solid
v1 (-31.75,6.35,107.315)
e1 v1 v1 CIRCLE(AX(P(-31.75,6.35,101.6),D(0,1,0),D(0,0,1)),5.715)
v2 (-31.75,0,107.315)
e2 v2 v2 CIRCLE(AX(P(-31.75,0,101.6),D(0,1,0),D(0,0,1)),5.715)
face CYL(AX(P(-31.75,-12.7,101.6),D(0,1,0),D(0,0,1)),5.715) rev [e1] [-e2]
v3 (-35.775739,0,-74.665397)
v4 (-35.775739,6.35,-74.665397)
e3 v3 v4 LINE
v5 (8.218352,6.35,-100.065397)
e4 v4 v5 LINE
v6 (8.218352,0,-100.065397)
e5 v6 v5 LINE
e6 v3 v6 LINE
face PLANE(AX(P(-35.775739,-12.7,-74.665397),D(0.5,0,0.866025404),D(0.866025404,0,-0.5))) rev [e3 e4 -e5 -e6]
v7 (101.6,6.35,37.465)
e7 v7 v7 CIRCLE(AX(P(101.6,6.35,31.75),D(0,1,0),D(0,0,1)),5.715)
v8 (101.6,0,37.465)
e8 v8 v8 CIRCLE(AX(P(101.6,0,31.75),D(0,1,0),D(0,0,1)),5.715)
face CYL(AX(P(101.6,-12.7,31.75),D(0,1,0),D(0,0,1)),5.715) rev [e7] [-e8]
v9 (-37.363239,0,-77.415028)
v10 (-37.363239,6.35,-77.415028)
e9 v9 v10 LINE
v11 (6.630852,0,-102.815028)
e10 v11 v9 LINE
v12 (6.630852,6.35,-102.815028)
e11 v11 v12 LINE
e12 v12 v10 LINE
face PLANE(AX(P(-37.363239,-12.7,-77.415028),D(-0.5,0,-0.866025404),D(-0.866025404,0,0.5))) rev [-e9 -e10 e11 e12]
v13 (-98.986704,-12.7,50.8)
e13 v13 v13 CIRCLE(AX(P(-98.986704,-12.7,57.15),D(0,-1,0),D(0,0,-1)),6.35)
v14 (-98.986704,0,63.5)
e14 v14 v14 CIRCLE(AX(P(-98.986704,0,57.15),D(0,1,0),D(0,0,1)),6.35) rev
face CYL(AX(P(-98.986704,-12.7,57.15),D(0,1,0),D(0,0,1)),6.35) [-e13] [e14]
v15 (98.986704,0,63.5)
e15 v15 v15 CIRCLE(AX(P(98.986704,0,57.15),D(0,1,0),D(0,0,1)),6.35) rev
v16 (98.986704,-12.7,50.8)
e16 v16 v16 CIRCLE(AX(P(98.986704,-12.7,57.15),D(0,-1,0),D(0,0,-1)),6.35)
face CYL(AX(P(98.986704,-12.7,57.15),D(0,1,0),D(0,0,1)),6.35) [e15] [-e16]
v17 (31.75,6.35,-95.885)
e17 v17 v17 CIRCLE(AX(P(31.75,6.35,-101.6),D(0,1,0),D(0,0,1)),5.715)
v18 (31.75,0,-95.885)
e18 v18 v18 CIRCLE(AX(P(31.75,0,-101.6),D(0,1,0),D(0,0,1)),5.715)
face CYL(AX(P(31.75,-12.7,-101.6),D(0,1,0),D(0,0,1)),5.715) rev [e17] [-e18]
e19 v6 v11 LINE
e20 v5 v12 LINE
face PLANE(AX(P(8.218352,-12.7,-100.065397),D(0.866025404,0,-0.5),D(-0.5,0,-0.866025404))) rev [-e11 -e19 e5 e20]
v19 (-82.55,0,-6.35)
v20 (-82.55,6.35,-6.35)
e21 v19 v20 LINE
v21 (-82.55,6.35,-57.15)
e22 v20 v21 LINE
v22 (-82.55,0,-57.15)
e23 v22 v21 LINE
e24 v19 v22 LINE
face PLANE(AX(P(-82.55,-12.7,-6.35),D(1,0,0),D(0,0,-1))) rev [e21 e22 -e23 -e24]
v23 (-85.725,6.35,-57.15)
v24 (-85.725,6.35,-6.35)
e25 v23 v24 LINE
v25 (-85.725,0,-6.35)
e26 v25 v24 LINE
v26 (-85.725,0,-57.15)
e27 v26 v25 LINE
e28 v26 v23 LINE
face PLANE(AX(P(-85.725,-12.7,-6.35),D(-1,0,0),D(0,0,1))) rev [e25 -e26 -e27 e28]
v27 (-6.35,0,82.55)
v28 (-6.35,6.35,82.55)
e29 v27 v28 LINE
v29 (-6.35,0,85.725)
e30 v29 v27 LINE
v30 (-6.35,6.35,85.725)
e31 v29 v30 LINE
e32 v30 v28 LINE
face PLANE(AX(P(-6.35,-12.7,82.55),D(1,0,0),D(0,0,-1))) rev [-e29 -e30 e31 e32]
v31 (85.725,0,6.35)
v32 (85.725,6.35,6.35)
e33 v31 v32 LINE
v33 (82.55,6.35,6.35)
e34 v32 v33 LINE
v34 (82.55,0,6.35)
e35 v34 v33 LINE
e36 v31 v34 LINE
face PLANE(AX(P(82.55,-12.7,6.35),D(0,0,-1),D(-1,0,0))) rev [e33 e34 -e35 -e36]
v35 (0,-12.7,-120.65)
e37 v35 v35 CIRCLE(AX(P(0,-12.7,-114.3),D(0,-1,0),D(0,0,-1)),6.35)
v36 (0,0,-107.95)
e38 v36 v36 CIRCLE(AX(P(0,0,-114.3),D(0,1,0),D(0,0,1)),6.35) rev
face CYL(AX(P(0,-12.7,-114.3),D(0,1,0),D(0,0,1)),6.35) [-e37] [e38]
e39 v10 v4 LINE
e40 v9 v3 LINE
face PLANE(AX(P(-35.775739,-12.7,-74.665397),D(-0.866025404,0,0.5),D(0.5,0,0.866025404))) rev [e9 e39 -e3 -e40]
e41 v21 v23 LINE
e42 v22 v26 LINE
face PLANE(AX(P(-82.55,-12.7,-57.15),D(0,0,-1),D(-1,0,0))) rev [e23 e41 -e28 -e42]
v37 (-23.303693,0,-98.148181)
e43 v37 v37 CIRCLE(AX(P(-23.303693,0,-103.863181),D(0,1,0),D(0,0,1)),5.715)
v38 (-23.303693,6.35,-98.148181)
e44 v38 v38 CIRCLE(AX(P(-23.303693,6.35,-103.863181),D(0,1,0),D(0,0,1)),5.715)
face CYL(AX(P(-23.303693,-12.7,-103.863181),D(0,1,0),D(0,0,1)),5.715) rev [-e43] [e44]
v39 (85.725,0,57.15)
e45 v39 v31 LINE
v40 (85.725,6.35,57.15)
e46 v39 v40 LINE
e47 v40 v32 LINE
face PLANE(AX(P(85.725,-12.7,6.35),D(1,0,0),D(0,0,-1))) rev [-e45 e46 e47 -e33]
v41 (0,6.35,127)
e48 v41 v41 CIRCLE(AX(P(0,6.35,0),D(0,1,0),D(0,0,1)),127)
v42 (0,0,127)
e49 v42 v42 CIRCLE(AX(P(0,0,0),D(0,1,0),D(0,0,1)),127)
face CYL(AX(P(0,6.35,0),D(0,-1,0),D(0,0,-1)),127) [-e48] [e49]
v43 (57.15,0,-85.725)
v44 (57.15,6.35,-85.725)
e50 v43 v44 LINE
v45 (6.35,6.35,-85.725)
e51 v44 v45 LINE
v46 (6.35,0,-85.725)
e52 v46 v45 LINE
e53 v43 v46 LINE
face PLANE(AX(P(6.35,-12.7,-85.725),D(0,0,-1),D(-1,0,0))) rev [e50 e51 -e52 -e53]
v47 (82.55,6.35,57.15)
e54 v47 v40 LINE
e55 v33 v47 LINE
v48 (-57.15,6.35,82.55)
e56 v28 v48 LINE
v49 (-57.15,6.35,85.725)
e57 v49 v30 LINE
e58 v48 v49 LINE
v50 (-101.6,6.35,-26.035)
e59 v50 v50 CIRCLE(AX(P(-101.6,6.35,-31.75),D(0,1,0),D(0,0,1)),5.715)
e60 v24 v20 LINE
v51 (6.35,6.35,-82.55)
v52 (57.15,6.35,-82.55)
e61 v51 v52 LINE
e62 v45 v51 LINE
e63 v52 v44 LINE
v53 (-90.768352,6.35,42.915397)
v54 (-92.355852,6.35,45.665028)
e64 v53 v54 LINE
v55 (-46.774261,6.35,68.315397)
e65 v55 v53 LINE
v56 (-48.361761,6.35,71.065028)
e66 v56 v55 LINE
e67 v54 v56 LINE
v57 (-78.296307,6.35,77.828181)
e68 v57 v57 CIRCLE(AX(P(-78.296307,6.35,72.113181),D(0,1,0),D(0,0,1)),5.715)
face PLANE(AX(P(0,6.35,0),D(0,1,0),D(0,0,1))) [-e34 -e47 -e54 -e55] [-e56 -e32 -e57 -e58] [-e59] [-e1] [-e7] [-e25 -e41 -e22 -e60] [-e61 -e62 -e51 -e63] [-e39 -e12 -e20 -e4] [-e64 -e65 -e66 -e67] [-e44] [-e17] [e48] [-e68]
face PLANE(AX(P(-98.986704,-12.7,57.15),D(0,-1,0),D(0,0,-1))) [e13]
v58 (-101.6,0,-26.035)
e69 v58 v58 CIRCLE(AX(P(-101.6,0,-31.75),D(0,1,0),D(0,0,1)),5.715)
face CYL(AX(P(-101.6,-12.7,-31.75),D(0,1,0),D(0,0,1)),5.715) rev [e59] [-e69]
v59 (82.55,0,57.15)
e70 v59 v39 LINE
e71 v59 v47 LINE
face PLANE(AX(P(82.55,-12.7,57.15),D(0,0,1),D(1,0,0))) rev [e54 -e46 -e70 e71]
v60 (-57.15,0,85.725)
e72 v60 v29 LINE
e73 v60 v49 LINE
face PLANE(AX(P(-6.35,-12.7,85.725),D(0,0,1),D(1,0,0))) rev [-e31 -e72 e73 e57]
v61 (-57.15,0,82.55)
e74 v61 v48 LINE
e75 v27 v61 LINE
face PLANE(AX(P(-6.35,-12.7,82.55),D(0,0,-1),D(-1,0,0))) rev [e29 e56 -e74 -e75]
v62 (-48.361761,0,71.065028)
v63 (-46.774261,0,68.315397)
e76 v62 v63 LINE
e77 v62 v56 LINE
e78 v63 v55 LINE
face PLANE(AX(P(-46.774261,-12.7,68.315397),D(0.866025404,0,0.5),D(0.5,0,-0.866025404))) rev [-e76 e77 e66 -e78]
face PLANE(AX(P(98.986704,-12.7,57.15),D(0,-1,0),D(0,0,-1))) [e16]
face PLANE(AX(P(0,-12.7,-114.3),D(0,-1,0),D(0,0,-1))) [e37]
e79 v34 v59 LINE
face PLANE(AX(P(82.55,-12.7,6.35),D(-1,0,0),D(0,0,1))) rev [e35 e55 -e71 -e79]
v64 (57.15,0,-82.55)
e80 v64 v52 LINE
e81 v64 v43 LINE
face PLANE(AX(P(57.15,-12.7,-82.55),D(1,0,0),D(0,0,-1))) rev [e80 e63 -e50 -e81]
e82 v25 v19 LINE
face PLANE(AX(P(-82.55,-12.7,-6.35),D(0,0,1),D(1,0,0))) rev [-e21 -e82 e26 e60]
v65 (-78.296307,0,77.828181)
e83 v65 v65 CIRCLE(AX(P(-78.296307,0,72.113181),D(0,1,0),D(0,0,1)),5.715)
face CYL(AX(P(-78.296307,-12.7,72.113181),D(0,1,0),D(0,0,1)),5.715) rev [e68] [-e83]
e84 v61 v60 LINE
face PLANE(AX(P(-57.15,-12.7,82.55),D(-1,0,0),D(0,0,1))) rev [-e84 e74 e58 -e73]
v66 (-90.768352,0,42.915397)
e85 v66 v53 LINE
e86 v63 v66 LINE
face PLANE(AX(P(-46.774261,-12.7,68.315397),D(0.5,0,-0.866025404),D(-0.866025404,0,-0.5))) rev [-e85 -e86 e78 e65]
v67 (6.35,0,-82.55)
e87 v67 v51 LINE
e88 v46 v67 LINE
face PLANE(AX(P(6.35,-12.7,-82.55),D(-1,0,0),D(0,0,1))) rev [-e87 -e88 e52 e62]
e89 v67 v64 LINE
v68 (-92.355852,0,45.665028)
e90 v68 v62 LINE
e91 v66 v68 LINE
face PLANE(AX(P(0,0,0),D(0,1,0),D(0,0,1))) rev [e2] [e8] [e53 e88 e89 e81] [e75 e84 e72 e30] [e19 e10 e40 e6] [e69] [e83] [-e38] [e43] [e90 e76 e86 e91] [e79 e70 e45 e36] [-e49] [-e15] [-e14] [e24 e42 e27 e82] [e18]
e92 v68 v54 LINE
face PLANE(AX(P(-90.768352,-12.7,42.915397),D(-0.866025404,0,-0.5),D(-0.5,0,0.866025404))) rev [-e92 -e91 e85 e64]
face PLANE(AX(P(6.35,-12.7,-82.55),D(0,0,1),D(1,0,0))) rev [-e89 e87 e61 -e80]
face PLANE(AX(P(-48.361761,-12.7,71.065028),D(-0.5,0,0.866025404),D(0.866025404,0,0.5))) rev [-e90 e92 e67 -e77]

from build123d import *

# Parameters (mm, degrees)
SKETCH1_R           = 127
BOSS_EXTRUDE1_DEPTH = 6.35
SKETCH2_R           = 6.35
BOSS_EXTRUDE2_DEPTH = 12.7
SKETCH3_R           = 5.715
SKETCH3_W           = 50.8
SKETCH3_H           = 3.175
SKETCH3_W_2         = 3.175
SKETCH3_H_2         = 50.8
CUT_EXTRUDE1_DEPTH  = 181.612575697


with BuildPart() as part:
    # Sketch1 → Boss-Extrude1 (new body)
    with BuildSketch(Plane(origin=(0, 0, 0), x_dir=(1, 0, 0), z_dir=(0, 1, 0))):
        with Locations(Location((0, 0, 0), (0, 0, 270))):
            Circle(SKETCH1_R)
    extrude(amount=BOSS_EXTRUDE1_DEPTH)

    # Sketch2 → Boss-Extrude2 (add)
    with BuildSketch(Plane.XZ):
        with Locations(Location((0, -114.3, 0), (0, 0, 90))):
            Circle(SKETCH2_R)
        with Locations(Location((-98.986703653, 57.15, 0), (0, 0, 90))):
            Circle(SKETCH2_R)
        with Locations(Location((98.986703653, 57.15, 0), (0, 0, 90))):
            Circle(SKETCH2_R)
    extrude(amount=BOSS_EXTRUDE2_DEPTH)

    # Sketch3 → Cut-Extrude1 (cut, through all)
    with BuildSketch(Plane(origin=(0, 6.35, 0), x_dir=(1, 0, 0), z_dir=(0, 1, 0))):
        with Locations(Location((101.6, -31.75, 0), (0, 0, 270))):
            Circle(SKETCH3_R)
        with Locations(Location((-31.75, -101.6, 0), (0, 0, 270))):
            Circle(SKETCH3_R)
        with Locations(Location((-101.6, 31.75, 0), (0, 0, 270))):
            Circle(SKETCH3_R)
        with Locations(Location((31.75, 101.6, 0), (0, 0, 270))):
            Circle(SKETCH3_R)
        with Locations(Location((-78.29630657, -72.113181024, 0), (0, 0, 270))):
            Circle(SKETCH3_R)
        with Locations(Location((-23.30369343, 103.863181024, 0), (0, 0, 270))):
            Circle(SKETCH3_R)
        with Locations((-31.75, -84.1375)):
            Rectangle(SKETCH3_W, SKETCH3_H)
        with Locations((84.1375, -31.75)):
            Rectangle(SKETCH3_W_2, SKETCH3_H_2)
        with Locations((-84.1375, 31.75)):
            Rectangle(SKETCH3_W_2, SKETCH3_H_2)
        with Locations((31.75, 84.1375)):
            Rectangle(SKETCH3_W, SKETCH3_H)
        Polygon((-48.361761314, -71.065027739), (-92.355851826, -45.665027739), (-90.768351826, -42.915397082), (-46.774261314, -68.315397082), align=None)
        Polygon((-37.363238686, 77.415027739), (6.630851826, 102.815027739), (8.218351826, 100.065397082), (-35.775738686, 74.665397082), align=None)
    extrude(amount=-CUT_EXTRUDE1_DEPTH, mode=Mode.SUBTRACT)


solid = part.part
